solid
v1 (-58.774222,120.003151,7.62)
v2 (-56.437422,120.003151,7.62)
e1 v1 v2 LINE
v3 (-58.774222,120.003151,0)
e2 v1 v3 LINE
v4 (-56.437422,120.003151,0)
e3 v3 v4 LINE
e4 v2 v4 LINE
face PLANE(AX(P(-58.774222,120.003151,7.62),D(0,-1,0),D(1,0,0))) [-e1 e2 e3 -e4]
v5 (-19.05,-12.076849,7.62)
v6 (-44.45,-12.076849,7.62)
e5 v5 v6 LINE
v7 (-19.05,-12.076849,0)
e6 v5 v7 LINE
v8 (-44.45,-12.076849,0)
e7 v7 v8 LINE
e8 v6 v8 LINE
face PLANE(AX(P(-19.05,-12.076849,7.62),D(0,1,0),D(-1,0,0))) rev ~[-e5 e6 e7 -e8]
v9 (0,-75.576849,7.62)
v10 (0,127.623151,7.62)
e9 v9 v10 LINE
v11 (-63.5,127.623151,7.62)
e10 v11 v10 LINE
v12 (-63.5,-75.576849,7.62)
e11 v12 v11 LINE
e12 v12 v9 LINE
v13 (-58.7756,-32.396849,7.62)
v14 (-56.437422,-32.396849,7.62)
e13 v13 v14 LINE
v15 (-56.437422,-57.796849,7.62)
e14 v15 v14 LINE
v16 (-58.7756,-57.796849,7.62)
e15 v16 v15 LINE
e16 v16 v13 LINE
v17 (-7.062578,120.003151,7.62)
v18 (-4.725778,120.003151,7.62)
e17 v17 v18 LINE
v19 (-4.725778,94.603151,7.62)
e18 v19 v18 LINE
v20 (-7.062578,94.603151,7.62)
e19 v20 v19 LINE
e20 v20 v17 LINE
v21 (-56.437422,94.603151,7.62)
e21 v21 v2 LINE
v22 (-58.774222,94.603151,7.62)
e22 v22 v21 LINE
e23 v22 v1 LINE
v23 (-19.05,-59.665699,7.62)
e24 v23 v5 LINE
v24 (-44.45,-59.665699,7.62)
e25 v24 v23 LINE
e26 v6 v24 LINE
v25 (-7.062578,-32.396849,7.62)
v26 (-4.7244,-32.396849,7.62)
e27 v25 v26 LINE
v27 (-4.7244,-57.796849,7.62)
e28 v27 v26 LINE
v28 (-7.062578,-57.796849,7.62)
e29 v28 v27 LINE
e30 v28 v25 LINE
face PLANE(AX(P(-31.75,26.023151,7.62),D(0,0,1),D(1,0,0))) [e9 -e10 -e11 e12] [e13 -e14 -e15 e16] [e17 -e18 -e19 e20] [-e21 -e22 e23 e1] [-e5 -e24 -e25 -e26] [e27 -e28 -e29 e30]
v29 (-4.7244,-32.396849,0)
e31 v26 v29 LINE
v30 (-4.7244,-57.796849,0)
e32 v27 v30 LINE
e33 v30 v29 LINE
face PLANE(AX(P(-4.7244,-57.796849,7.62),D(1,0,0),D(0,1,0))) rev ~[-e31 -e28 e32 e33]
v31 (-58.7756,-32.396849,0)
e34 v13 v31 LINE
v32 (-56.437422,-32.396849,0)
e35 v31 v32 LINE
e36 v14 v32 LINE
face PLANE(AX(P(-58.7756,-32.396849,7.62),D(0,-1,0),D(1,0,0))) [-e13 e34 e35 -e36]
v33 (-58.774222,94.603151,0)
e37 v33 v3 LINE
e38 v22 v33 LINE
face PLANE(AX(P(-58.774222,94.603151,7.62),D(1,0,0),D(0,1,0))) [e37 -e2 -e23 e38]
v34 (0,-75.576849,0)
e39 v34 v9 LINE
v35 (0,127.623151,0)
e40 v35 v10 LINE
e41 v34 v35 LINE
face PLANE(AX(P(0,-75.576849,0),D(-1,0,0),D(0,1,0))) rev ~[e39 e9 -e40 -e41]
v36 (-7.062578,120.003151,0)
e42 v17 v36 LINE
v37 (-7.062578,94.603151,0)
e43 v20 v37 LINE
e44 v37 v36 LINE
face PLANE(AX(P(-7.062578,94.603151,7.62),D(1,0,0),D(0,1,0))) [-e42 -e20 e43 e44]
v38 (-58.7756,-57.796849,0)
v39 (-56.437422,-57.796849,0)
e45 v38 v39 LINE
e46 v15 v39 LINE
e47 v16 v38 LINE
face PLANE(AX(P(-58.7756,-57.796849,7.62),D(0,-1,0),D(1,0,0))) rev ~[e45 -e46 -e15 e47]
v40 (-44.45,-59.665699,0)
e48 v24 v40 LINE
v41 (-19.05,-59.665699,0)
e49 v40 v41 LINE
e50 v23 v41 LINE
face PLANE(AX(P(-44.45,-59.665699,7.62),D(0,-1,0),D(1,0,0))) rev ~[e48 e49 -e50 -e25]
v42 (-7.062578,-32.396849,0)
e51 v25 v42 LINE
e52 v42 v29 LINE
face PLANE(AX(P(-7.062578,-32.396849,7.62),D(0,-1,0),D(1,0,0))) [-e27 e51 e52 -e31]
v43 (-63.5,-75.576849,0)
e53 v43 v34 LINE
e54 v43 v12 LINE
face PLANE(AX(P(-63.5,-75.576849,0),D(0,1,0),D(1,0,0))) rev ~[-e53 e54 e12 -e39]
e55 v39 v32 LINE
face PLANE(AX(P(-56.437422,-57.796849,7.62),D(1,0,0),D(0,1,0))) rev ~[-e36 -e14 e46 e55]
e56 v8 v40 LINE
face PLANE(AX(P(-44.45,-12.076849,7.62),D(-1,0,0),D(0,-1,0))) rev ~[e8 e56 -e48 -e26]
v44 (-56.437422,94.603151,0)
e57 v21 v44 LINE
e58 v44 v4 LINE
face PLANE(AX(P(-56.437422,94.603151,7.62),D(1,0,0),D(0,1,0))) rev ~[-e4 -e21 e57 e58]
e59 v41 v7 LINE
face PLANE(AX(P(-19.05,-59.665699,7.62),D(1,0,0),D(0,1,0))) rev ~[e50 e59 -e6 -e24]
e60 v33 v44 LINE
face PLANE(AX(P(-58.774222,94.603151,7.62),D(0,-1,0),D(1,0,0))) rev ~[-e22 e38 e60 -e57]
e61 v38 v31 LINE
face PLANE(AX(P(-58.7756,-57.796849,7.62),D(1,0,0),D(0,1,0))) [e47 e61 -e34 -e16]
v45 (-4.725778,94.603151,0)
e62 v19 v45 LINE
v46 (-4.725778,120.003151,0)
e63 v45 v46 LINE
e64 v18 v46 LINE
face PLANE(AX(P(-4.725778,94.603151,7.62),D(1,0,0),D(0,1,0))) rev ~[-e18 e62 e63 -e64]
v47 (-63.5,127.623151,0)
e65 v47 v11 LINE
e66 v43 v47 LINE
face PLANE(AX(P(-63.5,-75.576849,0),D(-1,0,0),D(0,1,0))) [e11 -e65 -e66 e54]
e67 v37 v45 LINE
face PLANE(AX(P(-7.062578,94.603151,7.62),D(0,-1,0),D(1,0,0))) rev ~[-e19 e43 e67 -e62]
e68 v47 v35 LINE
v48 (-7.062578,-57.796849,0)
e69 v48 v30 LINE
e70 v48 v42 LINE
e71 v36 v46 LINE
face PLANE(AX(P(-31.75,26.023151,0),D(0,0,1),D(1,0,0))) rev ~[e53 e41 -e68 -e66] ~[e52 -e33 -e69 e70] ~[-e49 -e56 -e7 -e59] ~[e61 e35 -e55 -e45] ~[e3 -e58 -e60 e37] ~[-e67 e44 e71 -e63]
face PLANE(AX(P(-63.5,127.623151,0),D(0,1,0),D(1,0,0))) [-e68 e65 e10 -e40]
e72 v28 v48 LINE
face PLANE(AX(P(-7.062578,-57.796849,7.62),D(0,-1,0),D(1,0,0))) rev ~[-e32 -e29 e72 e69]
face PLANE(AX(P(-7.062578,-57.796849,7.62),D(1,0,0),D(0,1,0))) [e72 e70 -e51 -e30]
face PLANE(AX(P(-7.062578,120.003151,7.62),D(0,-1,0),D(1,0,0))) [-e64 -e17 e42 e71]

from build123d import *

# Parameters (mm, degrees)
F0_W     = 63.5
F0_H     = 203.2
F1_DEPTH = 7.62
F3_DEPTH = 12.7
F4_W     = 2.3368
F4_H     = 25.4
F4_W_2   = 2.338178
F5_DEPTH = 25.4


with BuildPart() as f1:
    # F0 (on Top) → F1 (new body)
    with BuildSketch(Plane.XY):
        with Locations((-31.75, 26.023151)):
            Rectangle(F0_W, F0_H)
    extrude(amount=F1_DEPTH)

    # F2 (on face) → F3 (cut)
    with BuildSketch(Plane.XY.offset(7.62)):
        Polygon((-19.05, -59.665699), (-19.05, -12.076849), (-31.75, -12.076849), (-44.45, -12.076849), (-44.45, -59.665699), align=None)
    extrude(amount=-F3_DEPTH, mode=Mode.SUBTRACT)

    # F4 (on face) → F5 (cut)
    with BuildSketch(Plane.XY.offset(7.62)):
        with Locations((-57.605822, 107.303151)):
            Rectangle(F4_W, F4_H)
        with Locations((-57.606511, -45.096849)):
            Rectangle(F4_W_2, F4_H)
        with Locations((-5.894178, 107.303151)):
            Rectangle(F4_W, F4_H)
        with Locations((-5.893489, -45.096849)):
            Rectangle(F4_W_2, F4_H)
    extrude(amount=-F5_DEPTH, mode=Mode.SUBTRACT)


solid = f1.part
